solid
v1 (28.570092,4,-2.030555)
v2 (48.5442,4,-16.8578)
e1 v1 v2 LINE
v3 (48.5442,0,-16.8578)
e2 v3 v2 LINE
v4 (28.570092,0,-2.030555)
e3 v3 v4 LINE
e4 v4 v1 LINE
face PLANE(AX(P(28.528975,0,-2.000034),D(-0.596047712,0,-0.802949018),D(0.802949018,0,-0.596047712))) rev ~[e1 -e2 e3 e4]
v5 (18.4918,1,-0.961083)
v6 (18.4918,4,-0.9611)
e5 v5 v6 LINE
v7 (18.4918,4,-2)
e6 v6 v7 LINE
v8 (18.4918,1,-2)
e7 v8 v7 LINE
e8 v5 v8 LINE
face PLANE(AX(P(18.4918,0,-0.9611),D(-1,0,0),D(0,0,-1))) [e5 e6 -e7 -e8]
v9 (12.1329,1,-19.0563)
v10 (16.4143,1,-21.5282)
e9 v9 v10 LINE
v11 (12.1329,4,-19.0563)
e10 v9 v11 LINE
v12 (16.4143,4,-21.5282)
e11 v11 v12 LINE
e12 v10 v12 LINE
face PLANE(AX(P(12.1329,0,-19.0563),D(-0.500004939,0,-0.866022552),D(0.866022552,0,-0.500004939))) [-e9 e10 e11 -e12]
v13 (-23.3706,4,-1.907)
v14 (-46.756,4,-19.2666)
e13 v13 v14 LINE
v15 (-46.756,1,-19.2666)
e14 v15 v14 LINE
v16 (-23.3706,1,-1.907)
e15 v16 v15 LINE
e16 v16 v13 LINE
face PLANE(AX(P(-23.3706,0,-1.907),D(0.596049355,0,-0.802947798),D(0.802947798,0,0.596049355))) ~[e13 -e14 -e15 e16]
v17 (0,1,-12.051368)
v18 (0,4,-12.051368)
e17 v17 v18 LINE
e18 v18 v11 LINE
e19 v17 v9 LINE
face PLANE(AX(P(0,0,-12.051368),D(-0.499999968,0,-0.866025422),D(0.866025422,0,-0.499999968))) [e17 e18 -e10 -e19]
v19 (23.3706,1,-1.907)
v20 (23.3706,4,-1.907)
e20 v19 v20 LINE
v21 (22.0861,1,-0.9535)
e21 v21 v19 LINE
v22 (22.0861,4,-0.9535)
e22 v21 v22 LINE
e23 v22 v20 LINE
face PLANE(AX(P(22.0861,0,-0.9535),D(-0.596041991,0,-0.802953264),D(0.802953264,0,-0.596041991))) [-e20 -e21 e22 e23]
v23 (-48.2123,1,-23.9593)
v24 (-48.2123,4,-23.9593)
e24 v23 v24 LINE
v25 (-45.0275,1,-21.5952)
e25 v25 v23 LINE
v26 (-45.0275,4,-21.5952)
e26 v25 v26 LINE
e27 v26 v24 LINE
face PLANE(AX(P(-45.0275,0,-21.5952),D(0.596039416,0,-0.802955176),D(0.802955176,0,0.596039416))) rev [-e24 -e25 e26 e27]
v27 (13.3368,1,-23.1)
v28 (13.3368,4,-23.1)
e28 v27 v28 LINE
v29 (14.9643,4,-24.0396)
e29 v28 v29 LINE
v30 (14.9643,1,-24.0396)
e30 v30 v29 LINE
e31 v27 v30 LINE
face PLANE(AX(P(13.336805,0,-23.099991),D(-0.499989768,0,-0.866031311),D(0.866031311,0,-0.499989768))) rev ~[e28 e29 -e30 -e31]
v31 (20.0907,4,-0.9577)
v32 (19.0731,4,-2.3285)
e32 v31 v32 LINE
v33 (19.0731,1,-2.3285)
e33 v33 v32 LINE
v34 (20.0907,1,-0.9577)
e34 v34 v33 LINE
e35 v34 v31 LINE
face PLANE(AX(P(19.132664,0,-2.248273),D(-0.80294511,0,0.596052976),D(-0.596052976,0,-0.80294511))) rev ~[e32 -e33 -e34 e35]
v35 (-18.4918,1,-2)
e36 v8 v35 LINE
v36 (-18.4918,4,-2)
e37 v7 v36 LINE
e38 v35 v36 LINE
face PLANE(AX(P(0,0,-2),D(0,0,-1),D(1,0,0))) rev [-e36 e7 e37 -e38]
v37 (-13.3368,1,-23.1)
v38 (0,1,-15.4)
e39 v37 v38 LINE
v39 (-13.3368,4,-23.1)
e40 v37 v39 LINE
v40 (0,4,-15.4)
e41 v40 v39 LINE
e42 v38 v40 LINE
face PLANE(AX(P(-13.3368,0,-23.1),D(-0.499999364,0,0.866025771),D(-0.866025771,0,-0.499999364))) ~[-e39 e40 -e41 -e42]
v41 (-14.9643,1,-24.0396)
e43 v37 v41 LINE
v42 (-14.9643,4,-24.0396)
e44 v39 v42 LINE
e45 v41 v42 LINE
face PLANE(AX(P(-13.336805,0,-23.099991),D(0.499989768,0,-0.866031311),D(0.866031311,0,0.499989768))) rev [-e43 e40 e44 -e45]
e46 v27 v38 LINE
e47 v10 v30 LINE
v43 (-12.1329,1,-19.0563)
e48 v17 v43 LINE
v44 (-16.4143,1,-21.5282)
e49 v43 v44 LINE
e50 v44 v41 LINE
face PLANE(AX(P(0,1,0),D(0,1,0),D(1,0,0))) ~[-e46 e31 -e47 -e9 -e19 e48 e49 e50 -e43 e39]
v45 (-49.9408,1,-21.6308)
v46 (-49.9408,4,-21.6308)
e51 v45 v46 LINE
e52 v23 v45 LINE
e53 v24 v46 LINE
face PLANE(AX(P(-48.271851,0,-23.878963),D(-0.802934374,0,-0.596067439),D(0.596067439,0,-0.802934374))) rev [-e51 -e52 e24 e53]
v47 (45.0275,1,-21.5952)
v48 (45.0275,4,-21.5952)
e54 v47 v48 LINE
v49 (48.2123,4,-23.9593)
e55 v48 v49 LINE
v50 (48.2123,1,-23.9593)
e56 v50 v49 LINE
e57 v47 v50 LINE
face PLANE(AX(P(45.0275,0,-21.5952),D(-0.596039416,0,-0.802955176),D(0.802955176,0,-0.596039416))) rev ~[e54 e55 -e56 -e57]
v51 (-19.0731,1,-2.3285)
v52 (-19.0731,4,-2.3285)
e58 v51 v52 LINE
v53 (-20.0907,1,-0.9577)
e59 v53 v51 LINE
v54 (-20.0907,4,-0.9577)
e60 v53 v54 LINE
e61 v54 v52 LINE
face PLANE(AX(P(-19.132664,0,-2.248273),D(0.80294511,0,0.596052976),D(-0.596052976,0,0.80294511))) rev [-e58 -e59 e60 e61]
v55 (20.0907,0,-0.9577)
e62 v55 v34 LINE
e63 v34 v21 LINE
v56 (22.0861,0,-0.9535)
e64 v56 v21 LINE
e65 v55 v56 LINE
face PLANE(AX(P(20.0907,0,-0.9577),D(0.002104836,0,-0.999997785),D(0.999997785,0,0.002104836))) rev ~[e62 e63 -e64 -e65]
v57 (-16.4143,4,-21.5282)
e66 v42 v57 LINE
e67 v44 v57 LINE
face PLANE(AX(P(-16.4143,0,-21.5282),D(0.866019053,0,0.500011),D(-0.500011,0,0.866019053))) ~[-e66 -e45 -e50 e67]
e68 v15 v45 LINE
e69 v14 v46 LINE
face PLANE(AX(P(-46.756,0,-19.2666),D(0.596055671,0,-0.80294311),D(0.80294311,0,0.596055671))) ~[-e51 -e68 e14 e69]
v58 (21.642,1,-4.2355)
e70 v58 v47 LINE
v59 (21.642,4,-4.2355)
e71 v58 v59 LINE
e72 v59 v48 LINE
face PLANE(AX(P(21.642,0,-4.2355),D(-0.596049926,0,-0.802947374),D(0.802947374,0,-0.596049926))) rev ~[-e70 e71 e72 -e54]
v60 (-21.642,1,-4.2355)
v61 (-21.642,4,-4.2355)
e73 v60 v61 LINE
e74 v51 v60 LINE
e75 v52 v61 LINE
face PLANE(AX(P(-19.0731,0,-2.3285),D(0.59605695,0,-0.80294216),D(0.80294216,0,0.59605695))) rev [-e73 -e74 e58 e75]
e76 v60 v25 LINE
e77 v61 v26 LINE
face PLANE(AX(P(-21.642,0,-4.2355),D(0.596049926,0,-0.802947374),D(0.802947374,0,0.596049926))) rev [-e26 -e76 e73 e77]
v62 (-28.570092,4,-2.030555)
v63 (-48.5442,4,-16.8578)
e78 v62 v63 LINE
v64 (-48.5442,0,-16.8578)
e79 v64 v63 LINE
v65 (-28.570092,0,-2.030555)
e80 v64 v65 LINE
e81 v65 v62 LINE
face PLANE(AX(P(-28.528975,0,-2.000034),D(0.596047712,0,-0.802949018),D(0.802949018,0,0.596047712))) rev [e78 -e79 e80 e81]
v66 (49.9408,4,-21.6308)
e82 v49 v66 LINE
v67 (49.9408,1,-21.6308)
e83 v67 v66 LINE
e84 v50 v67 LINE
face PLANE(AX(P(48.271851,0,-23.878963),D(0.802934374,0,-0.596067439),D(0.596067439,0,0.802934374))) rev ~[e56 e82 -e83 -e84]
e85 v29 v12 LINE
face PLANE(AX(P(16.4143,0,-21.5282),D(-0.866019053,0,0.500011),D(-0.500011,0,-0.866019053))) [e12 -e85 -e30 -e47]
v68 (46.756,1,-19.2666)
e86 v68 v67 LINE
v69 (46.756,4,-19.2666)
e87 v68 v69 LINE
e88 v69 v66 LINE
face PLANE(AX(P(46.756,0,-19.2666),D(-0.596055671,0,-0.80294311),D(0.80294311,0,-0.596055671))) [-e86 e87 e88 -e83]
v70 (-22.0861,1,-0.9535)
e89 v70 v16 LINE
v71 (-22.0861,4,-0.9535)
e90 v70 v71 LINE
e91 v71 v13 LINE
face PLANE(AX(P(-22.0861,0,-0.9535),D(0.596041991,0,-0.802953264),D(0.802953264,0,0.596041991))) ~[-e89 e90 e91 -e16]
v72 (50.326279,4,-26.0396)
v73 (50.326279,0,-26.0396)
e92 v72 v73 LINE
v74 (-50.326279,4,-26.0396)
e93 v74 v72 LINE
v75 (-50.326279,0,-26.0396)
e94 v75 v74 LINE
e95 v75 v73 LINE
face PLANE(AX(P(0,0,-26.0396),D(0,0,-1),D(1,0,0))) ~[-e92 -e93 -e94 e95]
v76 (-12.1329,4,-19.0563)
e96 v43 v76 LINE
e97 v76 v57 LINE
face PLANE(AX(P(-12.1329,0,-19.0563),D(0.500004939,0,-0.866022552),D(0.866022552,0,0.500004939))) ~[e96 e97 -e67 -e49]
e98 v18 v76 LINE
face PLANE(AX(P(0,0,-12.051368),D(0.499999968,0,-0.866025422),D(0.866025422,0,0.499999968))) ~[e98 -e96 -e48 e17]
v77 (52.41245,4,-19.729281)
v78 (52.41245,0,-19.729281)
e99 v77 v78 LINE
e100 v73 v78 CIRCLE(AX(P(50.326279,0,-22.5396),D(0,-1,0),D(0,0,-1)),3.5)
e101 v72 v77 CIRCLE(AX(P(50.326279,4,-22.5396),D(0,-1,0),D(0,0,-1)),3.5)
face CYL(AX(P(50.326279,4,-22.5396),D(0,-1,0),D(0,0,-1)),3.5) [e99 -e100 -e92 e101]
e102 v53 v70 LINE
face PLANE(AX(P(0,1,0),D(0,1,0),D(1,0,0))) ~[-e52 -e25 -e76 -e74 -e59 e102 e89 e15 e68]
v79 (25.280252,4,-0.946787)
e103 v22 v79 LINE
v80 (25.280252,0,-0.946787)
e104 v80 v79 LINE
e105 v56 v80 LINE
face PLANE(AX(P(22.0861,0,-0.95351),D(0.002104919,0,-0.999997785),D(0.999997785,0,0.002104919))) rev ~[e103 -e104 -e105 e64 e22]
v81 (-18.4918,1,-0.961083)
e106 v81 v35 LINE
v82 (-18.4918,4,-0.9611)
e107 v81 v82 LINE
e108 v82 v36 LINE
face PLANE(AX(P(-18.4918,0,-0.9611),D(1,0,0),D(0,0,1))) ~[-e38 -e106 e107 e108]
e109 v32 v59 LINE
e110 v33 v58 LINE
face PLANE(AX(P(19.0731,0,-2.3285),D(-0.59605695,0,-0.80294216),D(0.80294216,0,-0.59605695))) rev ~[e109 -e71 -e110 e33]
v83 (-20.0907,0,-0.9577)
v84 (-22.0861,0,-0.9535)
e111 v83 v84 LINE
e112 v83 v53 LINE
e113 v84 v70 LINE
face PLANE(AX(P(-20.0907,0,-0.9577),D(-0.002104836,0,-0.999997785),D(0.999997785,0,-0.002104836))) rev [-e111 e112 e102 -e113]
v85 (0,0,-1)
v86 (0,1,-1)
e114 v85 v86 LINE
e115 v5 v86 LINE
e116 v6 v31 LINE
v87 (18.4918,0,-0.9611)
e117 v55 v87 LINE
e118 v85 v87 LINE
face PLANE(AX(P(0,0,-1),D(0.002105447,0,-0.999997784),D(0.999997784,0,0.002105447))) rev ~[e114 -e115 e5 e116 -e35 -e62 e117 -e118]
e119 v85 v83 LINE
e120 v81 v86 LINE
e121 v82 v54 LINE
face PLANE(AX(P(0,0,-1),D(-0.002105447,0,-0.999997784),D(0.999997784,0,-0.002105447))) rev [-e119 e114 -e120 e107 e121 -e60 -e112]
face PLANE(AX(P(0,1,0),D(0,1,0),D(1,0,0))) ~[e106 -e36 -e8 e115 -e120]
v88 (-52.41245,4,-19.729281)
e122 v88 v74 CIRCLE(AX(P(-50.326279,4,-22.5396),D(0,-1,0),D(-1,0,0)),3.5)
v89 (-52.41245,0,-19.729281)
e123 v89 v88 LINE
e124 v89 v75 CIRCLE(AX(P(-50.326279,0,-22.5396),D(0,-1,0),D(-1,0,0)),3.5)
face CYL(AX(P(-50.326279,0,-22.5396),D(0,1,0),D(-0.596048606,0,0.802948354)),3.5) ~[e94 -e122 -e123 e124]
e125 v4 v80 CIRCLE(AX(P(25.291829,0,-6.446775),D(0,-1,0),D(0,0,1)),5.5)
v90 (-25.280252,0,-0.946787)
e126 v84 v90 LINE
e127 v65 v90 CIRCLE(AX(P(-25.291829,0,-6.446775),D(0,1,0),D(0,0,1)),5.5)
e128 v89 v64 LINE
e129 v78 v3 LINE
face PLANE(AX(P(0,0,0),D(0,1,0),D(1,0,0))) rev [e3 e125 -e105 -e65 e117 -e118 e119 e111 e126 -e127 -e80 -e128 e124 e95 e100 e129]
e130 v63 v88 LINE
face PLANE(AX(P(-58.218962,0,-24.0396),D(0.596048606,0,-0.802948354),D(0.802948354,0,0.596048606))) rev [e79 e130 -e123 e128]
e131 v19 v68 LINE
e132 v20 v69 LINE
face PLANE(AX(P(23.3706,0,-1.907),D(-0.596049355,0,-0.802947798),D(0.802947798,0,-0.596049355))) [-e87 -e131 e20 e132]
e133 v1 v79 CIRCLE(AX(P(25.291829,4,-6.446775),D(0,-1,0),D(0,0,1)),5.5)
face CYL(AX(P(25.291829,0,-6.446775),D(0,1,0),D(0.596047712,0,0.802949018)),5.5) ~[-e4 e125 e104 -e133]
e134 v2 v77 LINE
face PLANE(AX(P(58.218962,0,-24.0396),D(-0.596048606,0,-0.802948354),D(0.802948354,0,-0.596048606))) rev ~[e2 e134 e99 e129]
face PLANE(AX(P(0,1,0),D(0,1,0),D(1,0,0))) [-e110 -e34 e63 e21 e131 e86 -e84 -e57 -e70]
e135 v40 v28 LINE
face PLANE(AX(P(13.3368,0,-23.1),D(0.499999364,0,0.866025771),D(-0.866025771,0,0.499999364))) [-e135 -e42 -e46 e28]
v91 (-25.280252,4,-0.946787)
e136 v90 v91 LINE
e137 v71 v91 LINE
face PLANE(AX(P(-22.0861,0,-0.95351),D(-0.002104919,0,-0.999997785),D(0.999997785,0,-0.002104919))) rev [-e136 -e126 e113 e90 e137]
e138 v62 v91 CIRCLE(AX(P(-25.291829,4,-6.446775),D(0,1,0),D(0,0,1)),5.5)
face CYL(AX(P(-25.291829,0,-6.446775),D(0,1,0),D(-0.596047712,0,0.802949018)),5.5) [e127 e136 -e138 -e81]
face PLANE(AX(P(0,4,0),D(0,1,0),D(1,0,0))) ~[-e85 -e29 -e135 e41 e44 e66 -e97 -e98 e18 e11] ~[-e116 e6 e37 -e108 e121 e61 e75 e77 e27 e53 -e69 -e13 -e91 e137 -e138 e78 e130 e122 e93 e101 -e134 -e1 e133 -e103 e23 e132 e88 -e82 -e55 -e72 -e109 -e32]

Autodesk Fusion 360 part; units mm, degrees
sketch "Sketch1" plane through (0, 0, 0) normal (0, 1, 0) x (1, 0, 0)
  line L0 (0, 0) -> (0, 239.8445)
  line L1 (0, 0) -> (0, 25)
  line L2 (0, 0) -> (-94.6434, 191.0764)
  line L3 (0, 0) -> (0, 15.4)
  line L4 (-10.6829, 21.5678) -> (-95.942, 70.7921)
  line L5 (13.3368, 23.1) -> (-199.4619, 9.5254)
  line L6 (-26.6736, 0) -> (-59.8805, 24.6504)
  line L7 (-33.0314, -39.3634) -> (-81.6324, 168.2553)
  line L8 (-33.0314, -39.3634) -> (21.6354, 194.1681)
  line L9 (-33.0314, -39.3634) -> (0, -39.3634)
  line L10 (-22.0861, 0.9535) -> (-23.3706, 1.907)
  line L11 (-49.9408, 21.6308) -> (-57.7944, 27.4607)
  line L12 (-23.3706, 1.907) -> (-46.756, 19.2666)
  line L13 (0, 15.4) -> (-10.6829, 21.5678)
  line L14 (-10.6829, 21.5678) -> (-14.9643, 24.0396)
  line L15 (0, 11.9359) -> (-12.1829, 18.9697)
  line L16 (-12.1829, 18.9697) -> (-16.4643, 21.4416)
  line L17 (-16.4643, 21.4416) -> (-14.9643, 24.0396)
  line L18 (-14.9643, 24.0396) -> (-59.0578, 24.0396)
  line L19 (-20.0907, 0.9577) -> (-19.0135, 2.4088)
  line L20 (-48.1526, 24.0396) -> (-49.9408, 21.6308)
  line L21 (-19.0135, 2.4088) -> (-21.5824, 4.3158)
  line L22 (-21.5824, 4.3158) -> (-44.9679, 21.6755)
  line L23 (-44.9679, 21.6755) -> (-48.1526, 24.0396)
  line L24 (-57.7944, 27.4607) -> (-56.0062, 29.8696)
  line L25 (-46.756, 19.2666) -> (-49.9408, 21.6308)
  line L26 (-48.1526, 24.0396) -> (-56.0062, 29.8696)
  line L27 (0, 0) -> (0, 1)
  line L28 (0, 1) -> (-20.0907, 0.9577)
  line L29 (13.3368, 23.1) -> (-20.5394, 3.5416)
  line L30 (-23.3706, 1.907) -> (-194.3746, -96.8223)
  line L31 (-20.5394, 3.5416) -> (-23.3706, 1.907)
  line L32 (-22.0861, 0.9535) -> (-20.298, 3.3623)
  line L33 (-20.0907, 0.9577) -> (-22.0861, 0.9535)
  line L34 (0, 0) -> (0, 25)
  line L35 (0, 1) -> (0, 2)
  line L36 (0, 2) -> (-19.317, 2)
  line L37 (-19.317, 2) -> (-19.3148, 0.9593)
  line L38 (46.756, 19.2666) -> (49.9408, 21.6308)
  line L39 (48.1526, 24.0396) -> (49.9408, 21.6308)
  line L40 (44.9679, 21.6755) -> (48.1526, 24.0396)
  line L41 (21.5824, 4.3158) -> (44.9679, 21.6755)
  line L42 (23.3706, 1.907) -> (46.756, 19.2666)
  line L43 (22.0861, 0.9535) -> (23.3706, 1.907)
  line L44 (20.0907, 0.9577) -> (19.0135, 2.4088)
  line L45 (19.0135, 2.4088) -> (21.5824, 4.3158)
  line L46 (20.0907, 0.9577) -> (22.0861, 0.9535)
  line L47 (0, 11.9359) -> (12.1829, 18.9697)
  line L48 (16.4643, 21.4416) -> (14.9643, 24.0396)
  line L49 (12.1829, 18.9697) -> (16.4643, 21.4416)
  line L50 (10.6829, 21.5678) -> (14.9643, 24.0396)
  line L51 (0, 15.4) -> (10.6829, 21.5678)
  line L52 (0, 1) -> (20.0907, 0.9577)
  line L53 (14.9643, 24.0396) -> (59.0578, 24.0396)
  line L54 (0, 2) -> (19.317, 2)
  line L55 (19.317, 2) -> (19.3148, 0.9593)
  line L56 (-14.9643, 24.0396) -> (14.9643, 24.0396)
  line L57 (0, 1) -> (35.9633, 0.9243)
  line L58 (0, 1) -> (-40.1034, 0.9577)
  line L59 (-23.8743, -1.4553) -> (-25.1587, -0.5018)
  line L60 (-25.1587, -0.5018) -> (-48.5442, 16.8578)
  line L61 (-48.5442, 16.8578) -> (-51.7289, 19.2219)
  line L62 (-51.7289, 19.2219) -> (-60.9132, 26.0396)
  line L63 (-14.9643, 26.0396) -> (-60.9132, 26.0396)
  line L64 (-14.9643, 26.0396) -> (14.9643, 26.0396)
  line L65 (14.9643, 26.0396) -> (60.9132, 26.0396)
  line L66 (23.8743, -1.4553) -> (25.1587, -0.5018)
  line L67 (25.1587, -0.5018) -> (48.5442, 16.8578)
  line L68 (28.529, 2) -> (60.9132, 26.0396)
  line L69 (18.4918, 0.9611) -> (18.4918, 2)
  line L70 (-18.5464, 0.9609) -> (-18.5464, 2)
  line L71 (19.1327, 2.2483) -> (21.7016, 4.1552)
  line L72 (21.7016, 4.1552) -> (45.0871, 21.5149)
  line L73 (45.0871, 21.5149) -> (48.2719, 23.879)
  line L74 (-0.1, 12.1091) -> (12.0829, 19.1429)
  line L75 (12.0829, 19.1429) -> (16.3643, 21.6148)
  line L76 (-0.05, 12.0225) -> (12.1329, 19.0563)
  line L77 (12.1329, 19.0563) -> (16.4143, 21.5282)
  line L78 (19.0731, 2.3285) -> (21.642, 4.2355)
  line L79 (21.642, 4.2355) -> (45.0275, 21.5952)
  line L80 (45.0275, 21.5952) -> (48.2123, 23.9593)
  dimension "d9" = 25
  dimension "d11" = 15.4
  dimension "d21" = 1
  dimension "d37" = 0.2
  dimension "d38" = 0.2
  dimension "d39" = 0.1
  dimension "d40" = 0.1
extrude "Extrude2" add sketch "Sketch1" along normal blind 1 contours L0 L1 L3 L34 L35 L52 L54 L57 L69 | L0 L1 L3 L34 L40 L41 L44 L45 L47 L48 L49 L53 L54 | L52 L54 L55 L57 L69 | L0 L1 L3 L34 L47 L48 L49 L76 L77 | L44 L52 L55 L57 | L0 L1 L3 L34 L48 L74 L75 L76 L77 | L38 L39 L42 L43 L44 L46 L57 L71 L72 L73 | L0 L1 L3 L29 L34 L48 L50 L51 L74 L75 | L0 L1 L5 L29 L34 L50 L51 | L39 L44 L71 L72 L73 L78 L79 L80 | L38 L39 L42 L43 L53 L57 L67 L68 | L0 L1 L5 L34 L50 L56 | L39 L40 L41 L44 L45 L78 L79 L80 | L0 L1 L34 L53 L56 L64 L65 L68 makes body 1
extrude "Extrude3" add sketch "Sketch1" along normal blind 4 separate body contours L0 L1 L3 L34 L40 L41 L44 L45 L47 L48 L49 L53 L54 | L52 L54 L55 L57 L69 | L0 L1 L3 L34 L47 L48 L49 L76 L77 | L44 L52 L55 L57 | L0 L1 L5 L29 L34 L50 L51 | L38 L39 L42 L43 L53 L57 L67 L68 | L0 L1 L5 L34 L50 L56 | L39 L40 L41 L44 L45 L78 L79 L80 | L0 L1 L34 L53 L56 L64 L65 L68 makes body 2
mirror "Mirror1" about plane through (0, 0, 0) normal (1, 0, 0) of bodies 2 1 makes body 3 at (-27.8999, 0, -15.9387) makes body 4 at (-29.3394, 1, -17.6741)
combine "Combine1" operation add target body 4 tool bodies 3 2 1
fillet "Fillet2" radius 3.5 1 edges at (60.9132, 2, -26.0396) on bodies 4
fillet "Fillet3" radius 5.5 1 edges at (27.105, 2, -0.9429) on bodies 4
fillet "Fillet4" radius 5.5 1 edges at (-27.105, 2, -0.9429) on bodies 4
fillet "Fillet5" radius 3.5 1 edges at (-60.9132, 2, -26.0396) on bodies 4
equation "AA = 1.1 mm"
